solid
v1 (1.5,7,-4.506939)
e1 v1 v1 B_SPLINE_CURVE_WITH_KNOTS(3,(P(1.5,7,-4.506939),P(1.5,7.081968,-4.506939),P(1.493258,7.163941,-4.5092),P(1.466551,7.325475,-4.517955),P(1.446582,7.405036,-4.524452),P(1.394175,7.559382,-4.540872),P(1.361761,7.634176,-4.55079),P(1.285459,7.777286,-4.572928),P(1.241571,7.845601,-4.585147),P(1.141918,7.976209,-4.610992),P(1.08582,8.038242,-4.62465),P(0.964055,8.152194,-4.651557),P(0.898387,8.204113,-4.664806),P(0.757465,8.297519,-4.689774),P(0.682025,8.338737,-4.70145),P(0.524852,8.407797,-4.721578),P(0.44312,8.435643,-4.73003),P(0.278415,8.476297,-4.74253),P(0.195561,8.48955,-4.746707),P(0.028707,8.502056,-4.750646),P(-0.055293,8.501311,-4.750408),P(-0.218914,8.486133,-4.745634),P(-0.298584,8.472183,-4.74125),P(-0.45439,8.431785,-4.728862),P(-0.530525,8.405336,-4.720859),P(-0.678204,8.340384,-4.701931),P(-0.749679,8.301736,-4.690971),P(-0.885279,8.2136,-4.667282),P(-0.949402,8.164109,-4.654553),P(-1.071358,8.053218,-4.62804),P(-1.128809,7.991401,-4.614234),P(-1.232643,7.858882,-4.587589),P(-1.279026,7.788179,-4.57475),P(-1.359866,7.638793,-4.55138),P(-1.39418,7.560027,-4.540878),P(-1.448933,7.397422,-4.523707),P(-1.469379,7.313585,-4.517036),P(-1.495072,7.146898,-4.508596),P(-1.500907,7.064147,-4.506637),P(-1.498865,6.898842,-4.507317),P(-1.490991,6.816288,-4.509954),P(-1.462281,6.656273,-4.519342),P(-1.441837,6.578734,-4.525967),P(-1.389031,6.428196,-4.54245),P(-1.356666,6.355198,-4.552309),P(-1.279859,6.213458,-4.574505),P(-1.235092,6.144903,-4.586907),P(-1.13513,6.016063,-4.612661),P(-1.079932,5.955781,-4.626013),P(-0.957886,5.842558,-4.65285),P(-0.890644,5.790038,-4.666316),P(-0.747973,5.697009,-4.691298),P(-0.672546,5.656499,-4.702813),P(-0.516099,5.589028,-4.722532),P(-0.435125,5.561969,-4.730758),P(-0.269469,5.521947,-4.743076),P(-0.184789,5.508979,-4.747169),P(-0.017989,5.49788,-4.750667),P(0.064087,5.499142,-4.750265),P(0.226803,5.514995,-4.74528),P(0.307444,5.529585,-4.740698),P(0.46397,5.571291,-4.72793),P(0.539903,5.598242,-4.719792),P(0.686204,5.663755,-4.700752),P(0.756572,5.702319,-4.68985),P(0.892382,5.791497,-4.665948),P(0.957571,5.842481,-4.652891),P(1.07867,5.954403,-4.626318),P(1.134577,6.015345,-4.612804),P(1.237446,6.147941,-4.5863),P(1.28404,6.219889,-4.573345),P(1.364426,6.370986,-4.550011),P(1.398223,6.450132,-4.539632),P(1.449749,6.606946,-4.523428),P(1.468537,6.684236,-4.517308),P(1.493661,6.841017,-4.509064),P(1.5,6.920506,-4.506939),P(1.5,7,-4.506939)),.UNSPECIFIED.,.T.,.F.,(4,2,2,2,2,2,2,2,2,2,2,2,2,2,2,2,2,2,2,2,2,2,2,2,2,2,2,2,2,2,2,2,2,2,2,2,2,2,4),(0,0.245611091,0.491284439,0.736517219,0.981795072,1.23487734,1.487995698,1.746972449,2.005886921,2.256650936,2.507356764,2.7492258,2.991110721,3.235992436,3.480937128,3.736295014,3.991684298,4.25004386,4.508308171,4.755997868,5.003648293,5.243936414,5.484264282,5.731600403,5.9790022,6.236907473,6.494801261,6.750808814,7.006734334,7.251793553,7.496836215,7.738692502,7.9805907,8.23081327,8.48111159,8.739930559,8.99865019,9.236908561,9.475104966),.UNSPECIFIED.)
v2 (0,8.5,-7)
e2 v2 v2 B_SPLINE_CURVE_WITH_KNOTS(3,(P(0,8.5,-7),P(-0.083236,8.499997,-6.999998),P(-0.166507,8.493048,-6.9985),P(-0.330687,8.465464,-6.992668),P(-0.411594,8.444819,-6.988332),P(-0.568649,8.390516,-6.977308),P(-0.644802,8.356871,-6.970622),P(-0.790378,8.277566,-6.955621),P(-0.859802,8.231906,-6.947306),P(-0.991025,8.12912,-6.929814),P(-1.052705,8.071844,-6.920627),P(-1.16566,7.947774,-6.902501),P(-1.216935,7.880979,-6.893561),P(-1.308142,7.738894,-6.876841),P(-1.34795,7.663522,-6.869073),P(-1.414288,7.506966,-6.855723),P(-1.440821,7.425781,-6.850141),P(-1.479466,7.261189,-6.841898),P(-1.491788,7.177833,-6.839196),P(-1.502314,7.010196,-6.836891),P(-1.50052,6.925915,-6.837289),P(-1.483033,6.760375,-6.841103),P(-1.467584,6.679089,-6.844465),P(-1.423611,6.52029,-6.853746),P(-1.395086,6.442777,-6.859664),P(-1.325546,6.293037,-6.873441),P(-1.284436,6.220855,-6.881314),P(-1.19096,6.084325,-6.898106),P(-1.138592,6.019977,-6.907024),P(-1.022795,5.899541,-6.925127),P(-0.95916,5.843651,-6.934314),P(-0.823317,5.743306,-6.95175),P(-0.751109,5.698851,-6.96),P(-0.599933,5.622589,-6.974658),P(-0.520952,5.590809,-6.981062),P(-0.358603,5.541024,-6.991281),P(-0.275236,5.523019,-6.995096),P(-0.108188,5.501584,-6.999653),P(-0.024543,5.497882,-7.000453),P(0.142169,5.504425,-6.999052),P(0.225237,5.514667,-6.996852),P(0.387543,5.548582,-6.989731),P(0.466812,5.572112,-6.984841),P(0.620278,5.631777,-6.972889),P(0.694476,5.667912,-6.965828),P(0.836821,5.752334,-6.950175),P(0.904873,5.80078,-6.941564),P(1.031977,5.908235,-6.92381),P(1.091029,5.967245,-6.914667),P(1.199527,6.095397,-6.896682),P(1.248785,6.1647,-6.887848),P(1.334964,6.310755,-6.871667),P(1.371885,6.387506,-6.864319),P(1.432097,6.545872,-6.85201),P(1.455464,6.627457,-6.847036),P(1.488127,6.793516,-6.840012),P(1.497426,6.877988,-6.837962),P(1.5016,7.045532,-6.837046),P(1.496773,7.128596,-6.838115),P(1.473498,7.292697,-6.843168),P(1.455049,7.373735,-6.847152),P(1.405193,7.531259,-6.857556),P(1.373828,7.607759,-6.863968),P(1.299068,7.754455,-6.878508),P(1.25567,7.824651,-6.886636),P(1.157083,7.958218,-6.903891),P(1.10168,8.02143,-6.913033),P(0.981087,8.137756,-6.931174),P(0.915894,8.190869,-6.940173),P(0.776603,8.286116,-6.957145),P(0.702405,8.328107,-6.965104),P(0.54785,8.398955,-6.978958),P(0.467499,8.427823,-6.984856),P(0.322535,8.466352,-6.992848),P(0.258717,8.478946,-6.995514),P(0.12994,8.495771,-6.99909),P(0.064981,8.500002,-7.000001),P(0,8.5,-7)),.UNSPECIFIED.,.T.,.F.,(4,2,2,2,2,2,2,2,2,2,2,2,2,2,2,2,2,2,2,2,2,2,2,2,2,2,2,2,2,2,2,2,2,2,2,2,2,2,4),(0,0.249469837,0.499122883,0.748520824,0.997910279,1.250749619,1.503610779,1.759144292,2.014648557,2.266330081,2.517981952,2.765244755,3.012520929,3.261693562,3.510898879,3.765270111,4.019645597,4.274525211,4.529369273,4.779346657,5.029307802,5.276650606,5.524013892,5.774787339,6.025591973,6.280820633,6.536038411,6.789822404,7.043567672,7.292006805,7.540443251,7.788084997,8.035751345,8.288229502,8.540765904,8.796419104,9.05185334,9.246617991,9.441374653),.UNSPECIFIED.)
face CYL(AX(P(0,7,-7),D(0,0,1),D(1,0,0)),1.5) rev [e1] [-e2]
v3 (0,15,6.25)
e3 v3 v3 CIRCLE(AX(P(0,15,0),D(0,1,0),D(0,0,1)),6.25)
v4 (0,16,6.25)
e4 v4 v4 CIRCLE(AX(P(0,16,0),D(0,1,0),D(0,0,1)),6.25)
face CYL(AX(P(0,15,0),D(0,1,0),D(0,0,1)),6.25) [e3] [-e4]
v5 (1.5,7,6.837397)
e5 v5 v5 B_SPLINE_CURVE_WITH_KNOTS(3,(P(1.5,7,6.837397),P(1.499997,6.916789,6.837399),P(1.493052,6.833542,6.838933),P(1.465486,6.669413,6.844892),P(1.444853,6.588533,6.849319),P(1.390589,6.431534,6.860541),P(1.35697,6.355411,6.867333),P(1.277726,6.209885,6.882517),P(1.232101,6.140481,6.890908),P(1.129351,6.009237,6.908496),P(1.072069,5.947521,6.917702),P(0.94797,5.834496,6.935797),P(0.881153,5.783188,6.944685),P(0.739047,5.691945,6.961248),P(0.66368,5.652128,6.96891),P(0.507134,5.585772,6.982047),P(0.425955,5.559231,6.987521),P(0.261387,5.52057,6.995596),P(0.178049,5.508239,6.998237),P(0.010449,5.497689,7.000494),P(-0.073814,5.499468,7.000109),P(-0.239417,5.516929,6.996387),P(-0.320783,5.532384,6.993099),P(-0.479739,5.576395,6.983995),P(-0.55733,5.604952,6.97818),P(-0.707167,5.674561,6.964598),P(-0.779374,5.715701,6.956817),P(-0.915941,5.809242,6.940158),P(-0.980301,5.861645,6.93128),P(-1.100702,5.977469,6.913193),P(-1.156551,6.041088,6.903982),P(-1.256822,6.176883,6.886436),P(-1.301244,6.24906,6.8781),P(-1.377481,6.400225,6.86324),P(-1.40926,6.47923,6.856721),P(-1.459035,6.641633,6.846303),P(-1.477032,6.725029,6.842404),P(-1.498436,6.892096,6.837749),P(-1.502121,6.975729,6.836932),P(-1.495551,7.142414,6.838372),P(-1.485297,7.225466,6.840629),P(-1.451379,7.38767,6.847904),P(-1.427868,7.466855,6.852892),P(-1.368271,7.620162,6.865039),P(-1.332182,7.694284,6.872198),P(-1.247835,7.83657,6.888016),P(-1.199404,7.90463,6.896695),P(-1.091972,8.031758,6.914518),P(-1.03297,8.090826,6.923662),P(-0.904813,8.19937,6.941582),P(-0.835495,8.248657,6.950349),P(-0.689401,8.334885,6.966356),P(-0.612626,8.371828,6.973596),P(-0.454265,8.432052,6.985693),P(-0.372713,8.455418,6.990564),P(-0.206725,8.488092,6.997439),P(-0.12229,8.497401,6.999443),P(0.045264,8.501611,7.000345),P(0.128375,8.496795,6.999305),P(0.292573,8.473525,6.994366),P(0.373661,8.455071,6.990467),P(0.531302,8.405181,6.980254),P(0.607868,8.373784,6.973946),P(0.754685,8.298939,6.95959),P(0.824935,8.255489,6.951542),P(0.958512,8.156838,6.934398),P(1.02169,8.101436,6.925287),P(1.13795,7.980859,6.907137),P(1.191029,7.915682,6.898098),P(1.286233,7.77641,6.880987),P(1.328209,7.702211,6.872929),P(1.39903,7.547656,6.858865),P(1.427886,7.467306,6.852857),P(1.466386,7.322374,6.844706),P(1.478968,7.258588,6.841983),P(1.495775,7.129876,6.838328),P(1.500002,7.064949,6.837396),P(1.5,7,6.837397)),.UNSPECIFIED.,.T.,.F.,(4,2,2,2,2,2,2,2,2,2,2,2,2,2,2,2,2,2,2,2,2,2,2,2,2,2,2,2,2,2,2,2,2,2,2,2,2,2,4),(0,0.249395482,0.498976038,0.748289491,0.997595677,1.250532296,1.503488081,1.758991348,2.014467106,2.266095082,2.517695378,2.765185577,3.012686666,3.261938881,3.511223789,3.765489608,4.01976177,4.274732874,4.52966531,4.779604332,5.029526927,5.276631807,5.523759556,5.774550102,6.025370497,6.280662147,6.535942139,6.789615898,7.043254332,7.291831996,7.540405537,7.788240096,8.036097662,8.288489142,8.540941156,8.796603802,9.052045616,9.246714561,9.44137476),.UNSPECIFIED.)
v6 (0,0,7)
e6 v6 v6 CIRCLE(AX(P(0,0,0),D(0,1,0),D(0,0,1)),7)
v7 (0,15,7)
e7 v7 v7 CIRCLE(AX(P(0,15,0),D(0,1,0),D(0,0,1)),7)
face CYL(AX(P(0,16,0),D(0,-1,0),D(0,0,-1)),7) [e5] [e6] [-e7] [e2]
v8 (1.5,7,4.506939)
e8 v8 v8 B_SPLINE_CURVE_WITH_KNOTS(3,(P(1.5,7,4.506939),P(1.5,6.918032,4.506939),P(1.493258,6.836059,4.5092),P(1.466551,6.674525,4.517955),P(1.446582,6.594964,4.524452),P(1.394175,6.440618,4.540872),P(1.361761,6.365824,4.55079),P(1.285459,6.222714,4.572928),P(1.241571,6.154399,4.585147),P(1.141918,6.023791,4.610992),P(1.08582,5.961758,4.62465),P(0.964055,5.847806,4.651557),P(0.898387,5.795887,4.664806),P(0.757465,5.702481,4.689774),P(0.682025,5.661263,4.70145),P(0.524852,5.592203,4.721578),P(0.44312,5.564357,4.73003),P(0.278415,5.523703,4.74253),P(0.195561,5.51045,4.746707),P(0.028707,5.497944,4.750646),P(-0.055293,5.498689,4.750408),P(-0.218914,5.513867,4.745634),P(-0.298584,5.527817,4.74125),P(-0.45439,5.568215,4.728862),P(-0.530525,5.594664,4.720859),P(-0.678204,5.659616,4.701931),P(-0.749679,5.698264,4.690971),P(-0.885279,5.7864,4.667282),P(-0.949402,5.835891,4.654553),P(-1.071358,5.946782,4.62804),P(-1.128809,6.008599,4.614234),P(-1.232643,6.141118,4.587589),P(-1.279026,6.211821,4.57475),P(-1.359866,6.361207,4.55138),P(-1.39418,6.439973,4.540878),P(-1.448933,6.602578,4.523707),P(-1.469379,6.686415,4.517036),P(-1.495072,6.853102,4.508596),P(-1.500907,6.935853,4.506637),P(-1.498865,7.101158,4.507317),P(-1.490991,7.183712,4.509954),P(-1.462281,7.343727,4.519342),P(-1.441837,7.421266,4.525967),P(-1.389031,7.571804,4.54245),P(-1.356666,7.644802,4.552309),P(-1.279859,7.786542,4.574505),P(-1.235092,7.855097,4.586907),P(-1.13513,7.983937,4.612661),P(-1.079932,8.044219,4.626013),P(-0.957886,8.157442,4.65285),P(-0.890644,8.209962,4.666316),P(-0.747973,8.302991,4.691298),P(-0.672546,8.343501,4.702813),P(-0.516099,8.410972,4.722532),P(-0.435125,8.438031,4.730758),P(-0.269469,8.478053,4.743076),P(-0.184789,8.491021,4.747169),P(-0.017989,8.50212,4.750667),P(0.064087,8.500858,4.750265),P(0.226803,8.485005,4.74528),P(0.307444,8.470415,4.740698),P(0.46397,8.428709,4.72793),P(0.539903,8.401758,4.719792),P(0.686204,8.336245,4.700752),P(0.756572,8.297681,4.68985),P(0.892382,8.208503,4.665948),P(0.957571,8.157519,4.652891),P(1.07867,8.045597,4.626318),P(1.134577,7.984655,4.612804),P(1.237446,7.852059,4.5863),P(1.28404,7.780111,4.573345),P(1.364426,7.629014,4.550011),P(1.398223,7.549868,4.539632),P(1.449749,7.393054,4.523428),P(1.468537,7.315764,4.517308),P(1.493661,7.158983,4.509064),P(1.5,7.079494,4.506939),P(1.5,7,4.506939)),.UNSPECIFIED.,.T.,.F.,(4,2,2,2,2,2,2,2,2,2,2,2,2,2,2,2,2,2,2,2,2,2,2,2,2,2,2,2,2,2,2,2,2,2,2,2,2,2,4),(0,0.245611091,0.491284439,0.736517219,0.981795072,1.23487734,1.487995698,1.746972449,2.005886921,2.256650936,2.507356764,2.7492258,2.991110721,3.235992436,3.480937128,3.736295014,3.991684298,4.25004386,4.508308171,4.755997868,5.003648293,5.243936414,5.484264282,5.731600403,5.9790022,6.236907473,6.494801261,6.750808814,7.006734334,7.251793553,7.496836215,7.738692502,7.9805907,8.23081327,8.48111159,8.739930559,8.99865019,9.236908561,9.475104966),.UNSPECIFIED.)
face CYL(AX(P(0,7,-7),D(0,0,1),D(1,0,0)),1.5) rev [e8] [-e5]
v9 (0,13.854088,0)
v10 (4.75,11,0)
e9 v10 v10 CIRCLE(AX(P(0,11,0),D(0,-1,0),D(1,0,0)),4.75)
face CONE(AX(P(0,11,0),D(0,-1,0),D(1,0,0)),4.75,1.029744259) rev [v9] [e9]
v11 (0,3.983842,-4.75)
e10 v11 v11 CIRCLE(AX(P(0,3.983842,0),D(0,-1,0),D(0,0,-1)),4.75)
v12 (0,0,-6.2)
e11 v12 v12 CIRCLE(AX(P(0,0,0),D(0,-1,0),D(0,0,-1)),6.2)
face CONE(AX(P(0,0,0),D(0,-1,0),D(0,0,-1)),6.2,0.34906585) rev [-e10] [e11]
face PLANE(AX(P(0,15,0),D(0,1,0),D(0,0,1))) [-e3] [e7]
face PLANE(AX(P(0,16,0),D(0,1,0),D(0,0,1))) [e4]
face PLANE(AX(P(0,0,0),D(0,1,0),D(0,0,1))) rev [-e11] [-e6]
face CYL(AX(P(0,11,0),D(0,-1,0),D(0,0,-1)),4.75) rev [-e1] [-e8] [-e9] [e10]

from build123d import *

# Parameters (mm, degrees)
SKETCH1_R               = 7
BOSS_EXTRUDE1_DEPTH     = 16
CUT_EXTRUDE1_DEPTH      = 19.814887722
CUT_EXTRUDE1_DEPTH_BACK = 19.814887722
SKETCH2_R               = 1.5
SKETCH3_R               = 4.75
CUT_EXTRUDE2_DEPTH      = 11
CUT_EXTRUDE3_START      = -1
SKETCH6_R               = 7
SKETCH6_R_2             = 6.25
CUT_EXTRUDE3_DEPTH      = 1


with BuildPart() as part:
    # Sketch1 → Boss-Extrude1 (new body)
    with BuildSketch(Plane(origin=(0, 0, 0), x_dir=(1, 0, 0), z_dir=(0, 1, 0))):
        with Locations(Location((0, 0, 0), (0, 0, 270))):
            Circle(SKETCH1_R)
    extrude(amount=BOSS_EXTRUDE1_DEPTH)

    # Sketch2 → Cut-Extrude1 (cut, two sides: drawn at the far end of the back side and taken through both)
    with BuildSketch(Plane.XY.offset(-CUT_EXTRUDE1_DEPTH_BACK)):
        with Locations(Location((0, 7, 0), (0, 0, 90.000000049))):
            Circle(SKETCH2_R)
    extrude(amount=CUT_EXTRUDE1_DEPTH + CUT_EXTRUDE1_DEPTH_BACK, mode=Mode.SUBTRACT)

    # Sketch3 → Cut-Extrude2 (cut)
    with BuildSketch(Plane.XZ):
        with Locations(Location((0, 0, 0), (0, 0, 270))):
            Circle(SKETCH3_R)
    extrude(amount=-CUT_EXTRUDE2_DEPTH, mode=Mode.SUBTRACT)

    # Sketch4 → Cut-Revolve1 (revolve, cut)
    with BuildSketch(Plane.XY, mode=Mode.PRIVATE) as cut_revolve1_sk:
        Polygon((0, 11), (0, 13.85408794), (4.75, 11), align=None)
    revolve(cut_revolve1_sk.sketch.rotate(Axis((0, 11, 0), (0, 1, 0)), 90), axis=Axis((0, 11, 0), (0, 1, 0)), mode=Mode.SUBTRACT)

    # Sketch5 → Cut-Revolve2 (revolve, cut)
    with BuildSketch(Plane.XY, mode=Mode.PRIVATE) as cut_revolve2_sk:
        Polygon((4.75, 0), (4.75, 3.983842258), (6.2, 0), align=None)
    revolve(cut_revolve2_sk.sketch.rotate(Axis((0, 0, 0), (0, 1, 0)), 90), axis=Axis((0, 0, 0), (0, 1, 0)), mode=Mode.SUBTRACT)

    # Sketch6 → Cut-Extrude3 (cut)
    with BuildSketch(Plane(origin=(0, 16, 0), x_dir=(1, 0, 0), z_dir=(0, 1, 0)).offset(CUT_EXTRUDE3_START)):
        with Locations(Location((0, 0, 0), (0, 0, 270))):
            Circle(SKETCH6_R)
        with Locations(Location((0, 0, 0), (0, 0, 270))):
            Circle(SKETCH6_R_2, mode=Mode.SUBTRACT)
    extrude(amount=CUT_EXTRUDE3_DEPTH, mode=Mode.SUBTRACT)


solid = part.part
